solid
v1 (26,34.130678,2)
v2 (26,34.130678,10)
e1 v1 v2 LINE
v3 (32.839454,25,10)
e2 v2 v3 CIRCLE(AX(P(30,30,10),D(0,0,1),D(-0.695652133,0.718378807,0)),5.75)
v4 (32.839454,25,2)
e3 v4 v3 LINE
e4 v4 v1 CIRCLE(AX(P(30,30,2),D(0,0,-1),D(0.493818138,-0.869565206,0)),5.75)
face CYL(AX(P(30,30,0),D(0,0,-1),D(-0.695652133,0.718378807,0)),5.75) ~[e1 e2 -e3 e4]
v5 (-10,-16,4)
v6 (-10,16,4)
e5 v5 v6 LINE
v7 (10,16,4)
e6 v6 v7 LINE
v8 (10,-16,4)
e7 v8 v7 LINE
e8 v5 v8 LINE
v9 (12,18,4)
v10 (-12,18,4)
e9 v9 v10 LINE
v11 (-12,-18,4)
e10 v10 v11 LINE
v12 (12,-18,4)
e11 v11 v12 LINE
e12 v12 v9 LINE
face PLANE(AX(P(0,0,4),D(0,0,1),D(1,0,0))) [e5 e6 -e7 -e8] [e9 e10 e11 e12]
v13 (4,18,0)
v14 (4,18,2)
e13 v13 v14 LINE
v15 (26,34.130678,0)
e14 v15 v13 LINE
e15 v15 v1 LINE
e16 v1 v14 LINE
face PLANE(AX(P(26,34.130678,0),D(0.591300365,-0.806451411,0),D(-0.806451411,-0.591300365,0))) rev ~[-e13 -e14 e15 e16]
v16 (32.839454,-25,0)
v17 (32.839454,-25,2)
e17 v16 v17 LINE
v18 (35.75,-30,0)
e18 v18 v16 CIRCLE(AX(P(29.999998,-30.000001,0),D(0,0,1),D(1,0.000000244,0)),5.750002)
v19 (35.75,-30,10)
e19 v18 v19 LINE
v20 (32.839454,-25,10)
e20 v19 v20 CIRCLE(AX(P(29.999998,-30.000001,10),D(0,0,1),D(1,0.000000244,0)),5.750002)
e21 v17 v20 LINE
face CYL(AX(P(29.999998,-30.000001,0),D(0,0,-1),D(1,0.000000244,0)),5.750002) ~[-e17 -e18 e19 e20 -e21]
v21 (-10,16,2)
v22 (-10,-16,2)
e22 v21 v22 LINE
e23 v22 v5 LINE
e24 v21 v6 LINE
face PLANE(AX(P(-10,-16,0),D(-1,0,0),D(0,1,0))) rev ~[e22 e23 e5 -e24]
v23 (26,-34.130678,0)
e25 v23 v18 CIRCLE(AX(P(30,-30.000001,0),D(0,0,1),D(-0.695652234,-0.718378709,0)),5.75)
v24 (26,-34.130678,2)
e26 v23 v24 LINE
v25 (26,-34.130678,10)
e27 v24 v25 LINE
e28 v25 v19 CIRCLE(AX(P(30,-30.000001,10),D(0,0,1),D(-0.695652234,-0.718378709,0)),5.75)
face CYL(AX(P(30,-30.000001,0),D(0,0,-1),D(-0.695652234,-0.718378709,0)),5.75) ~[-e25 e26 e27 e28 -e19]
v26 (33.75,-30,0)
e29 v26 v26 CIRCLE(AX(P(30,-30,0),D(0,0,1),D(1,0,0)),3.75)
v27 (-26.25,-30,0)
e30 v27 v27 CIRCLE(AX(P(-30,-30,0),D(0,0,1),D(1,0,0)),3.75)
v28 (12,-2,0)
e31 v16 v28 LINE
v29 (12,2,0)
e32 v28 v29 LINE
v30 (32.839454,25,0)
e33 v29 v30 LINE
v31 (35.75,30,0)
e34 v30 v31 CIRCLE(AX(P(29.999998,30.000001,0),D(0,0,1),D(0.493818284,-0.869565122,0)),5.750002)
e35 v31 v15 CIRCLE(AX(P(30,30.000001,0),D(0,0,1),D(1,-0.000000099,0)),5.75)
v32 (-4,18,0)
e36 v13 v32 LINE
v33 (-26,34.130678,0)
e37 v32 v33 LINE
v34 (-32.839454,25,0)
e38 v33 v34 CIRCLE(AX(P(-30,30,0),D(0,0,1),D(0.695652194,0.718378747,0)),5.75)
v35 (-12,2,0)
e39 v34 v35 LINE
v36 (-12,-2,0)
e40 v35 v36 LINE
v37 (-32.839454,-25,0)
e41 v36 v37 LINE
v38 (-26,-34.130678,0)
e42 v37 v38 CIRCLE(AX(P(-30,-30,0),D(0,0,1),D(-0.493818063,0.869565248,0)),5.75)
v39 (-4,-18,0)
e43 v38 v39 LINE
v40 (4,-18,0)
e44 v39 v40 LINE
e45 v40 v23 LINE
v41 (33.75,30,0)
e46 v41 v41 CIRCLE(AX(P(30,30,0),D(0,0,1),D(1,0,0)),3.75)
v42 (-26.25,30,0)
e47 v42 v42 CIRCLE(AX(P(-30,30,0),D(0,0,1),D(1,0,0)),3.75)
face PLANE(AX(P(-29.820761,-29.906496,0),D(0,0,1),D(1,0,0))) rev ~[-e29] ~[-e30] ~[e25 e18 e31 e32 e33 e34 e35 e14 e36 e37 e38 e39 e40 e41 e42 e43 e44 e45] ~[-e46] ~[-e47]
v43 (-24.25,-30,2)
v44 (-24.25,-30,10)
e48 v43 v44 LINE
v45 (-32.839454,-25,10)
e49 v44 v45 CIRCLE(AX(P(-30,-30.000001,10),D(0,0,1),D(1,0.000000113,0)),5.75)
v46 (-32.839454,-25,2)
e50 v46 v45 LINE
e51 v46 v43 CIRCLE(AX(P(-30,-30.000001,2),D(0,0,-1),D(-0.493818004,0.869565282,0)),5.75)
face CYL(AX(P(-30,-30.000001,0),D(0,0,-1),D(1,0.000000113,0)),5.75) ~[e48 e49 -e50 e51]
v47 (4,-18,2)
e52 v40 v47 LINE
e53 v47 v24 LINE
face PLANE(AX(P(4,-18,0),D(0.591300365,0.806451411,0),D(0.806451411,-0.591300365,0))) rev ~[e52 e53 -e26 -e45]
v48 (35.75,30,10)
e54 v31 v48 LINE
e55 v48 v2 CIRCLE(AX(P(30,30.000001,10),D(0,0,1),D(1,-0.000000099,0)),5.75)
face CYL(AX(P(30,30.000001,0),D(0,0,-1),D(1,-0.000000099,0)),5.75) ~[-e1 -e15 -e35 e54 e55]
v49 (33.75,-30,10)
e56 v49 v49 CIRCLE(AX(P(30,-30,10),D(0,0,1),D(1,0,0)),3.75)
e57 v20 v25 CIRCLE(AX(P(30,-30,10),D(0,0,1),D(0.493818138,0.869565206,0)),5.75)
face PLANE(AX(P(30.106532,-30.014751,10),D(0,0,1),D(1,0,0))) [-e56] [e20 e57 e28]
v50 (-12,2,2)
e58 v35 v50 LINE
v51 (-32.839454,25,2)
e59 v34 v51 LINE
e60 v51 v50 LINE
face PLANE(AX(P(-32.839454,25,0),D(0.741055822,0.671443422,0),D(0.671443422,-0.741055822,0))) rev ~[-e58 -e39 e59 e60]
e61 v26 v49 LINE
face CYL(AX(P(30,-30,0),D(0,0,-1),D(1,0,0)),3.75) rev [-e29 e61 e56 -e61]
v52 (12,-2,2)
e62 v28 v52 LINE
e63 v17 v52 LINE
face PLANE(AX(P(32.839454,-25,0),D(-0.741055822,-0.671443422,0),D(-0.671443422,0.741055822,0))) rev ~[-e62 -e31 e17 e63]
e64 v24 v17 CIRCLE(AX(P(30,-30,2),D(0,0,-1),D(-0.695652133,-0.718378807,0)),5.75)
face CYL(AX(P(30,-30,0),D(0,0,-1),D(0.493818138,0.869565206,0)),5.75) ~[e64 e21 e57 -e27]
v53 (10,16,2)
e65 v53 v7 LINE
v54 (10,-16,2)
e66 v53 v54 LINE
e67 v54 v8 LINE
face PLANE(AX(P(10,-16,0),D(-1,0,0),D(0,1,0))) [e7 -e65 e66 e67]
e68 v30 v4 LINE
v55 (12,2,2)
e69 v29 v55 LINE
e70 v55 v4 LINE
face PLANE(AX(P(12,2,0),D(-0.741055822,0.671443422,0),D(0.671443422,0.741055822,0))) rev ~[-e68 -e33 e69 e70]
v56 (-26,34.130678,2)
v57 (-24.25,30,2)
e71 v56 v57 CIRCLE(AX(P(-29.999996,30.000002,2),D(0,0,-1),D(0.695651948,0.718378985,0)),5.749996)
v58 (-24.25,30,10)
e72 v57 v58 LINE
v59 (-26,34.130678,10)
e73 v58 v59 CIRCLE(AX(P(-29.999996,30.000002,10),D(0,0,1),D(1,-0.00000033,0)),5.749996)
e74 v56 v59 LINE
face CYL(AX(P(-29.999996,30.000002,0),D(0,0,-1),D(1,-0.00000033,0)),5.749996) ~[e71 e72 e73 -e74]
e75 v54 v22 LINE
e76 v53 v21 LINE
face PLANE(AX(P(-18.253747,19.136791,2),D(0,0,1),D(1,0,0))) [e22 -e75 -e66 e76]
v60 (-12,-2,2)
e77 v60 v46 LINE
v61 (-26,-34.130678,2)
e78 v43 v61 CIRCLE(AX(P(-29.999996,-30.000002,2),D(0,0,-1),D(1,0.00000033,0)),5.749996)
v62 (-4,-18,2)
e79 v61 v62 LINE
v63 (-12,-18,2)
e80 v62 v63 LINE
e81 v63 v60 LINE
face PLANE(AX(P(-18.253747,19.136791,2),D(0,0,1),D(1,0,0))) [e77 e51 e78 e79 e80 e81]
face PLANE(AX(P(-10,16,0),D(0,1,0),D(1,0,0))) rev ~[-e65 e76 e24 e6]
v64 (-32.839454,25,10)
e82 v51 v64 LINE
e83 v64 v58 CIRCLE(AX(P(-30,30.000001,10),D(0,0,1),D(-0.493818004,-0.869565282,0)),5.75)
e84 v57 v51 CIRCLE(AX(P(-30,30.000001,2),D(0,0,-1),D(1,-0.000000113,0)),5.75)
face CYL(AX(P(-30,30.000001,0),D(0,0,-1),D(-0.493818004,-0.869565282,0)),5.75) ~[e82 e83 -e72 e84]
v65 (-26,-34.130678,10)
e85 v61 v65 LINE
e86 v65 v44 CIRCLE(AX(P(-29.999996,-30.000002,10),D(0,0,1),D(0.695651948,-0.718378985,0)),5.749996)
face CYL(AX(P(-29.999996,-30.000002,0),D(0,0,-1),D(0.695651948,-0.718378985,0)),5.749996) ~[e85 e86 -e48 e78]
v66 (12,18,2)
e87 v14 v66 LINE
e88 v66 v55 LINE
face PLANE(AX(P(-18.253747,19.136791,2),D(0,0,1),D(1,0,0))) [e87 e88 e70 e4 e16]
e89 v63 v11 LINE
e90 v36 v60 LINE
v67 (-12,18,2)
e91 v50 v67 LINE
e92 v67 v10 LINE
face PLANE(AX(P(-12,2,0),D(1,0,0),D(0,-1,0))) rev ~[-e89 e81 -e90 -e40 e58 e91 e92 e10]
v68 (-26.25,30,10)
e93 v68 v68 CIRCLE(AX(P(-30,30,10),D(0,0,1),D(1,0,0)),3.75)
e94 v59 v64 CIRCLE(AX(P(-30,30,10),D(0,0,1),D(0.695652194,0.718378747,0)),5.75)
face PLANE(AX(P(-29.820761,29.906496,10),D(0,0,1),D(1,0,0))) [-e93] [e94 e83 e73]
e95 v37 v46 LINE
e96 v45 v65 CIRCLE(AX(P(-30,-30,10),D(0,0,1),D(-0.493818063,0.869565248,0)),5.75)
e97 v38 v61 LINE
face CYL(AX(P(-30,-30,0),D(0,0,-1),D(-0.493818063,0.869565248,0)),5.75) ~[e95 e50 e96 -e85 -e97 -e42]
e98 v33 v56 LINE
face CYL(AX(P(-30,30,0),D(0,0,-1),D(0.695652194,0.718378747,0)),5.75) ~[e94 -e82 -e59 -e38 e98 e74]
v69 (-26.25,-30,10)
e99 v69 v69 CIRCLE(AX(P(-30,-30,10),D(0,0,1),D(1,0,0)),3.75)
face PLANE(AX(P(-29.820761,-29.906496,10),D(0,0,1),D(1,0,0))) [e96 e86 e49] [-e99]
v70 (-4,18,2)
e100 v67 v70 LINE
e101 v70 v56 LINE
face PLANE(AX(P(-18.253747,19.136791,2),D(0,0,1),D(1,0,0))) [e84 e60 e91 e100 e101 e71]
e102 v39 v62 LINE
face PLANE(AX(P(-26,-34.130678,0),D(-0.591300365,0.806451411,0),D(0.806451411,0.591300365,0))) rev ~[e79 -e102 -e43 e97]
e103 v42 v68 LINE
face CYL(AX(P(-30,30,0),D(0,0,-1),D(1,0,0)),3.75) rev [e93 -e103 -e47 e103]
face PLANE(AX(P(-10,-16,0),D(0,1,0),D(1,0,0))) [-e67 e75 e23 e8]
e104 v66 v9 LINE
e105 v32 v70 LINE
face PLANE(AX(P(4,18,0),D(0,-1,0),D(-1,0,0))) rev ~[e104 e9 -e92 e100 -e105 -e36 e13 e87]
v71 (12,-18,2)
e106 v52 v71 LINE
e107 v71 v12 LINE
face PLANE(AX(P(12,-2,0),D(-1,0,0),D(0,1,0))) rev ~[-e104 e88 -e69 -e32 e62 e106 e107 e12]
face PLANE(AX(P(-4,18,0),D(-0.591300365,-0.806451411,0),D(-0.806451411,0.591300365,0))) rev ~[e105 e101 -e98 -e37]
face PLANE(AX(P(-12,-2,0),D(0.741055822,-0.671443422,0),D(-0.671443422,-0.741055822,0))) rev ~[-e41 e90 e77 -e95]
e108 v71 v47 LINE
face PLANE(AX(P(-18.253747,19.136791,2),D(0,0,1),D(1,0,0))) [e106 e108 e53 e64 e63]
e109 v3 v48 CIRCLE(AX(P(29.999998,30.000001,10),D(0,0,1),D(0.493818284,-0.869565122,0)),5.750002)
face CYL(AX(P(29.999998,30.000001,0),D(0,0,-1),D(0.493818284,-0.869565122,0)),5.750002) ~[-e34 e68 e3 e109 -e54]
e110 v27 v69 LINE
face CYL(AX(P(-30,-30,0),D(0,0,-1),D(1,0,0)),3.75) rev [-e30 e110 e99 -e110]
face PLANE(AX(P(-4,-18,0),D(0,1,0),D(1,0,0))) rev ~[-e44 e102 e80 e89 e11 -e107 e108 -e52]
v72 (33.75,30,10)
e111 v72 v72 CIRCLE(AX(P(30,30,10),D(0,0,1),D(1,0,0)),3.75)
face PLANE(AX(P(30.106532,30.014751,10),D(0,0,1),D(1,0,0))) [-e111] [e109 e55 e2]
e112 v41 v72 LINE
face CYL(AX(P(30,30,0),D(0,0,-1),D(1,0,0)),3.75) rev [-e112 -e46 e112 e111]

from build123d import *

# Parameters (mm, degrees)
F0_W     = 20
F0_H     = 32
F1_DEPTH = 2
F2_DEPTH = 4
F0_R     = 3.75
F3_DEPTH = 10


with BuildPart() as f1:
    # F0 (on Top) → F1 (new body)
    with BuildSketch(Plane.XY):
        with BuildLine():
            Line((-12, 2), (-12, 18))
            Line((-12, 18), (-4, 18))
            Line((-4, 18), (-26, 34.130678))
            ThreePointArc((-26, 34.130678), (-24.705545, 32.243045), (-24.25, 30))
            ThreePointArc((-24.25, 30), (-27.107282, 25.030626), (-32.839454, 25))
            Line((-32.839454, 25), (-12, 2))
        make_face()
        with BuildLine():
            Line((26, 34.130678), (4, 18))
            Line((4, 18), (12, 18))
            Line((12, 18), (12, 2))
            Line((12, 2), (32.839454, 25))
            ThreePointArc((32.839454, 25), (25.397931, 26.55276), (26, 34.130678))
        make_face()
        with BuildLine():
            Line((32.839454, -25), (12, -2))
            Line((12, -2), (12, -18))
            Line((12, -18), (4, -18))
            Line((4, -18), (26, -34.130678))
            ThreePointArc((26, -34.130678), (25.397931, -26.55276), (32.839454, -25))
        make_face()
        with BuildLine():
            Line((-12, -18), (-12, -2))
            Line((-12, -2), (-32.839454, -25))
            ThreePointArc((-32.839454, -25), (-27.107282, -25.030626), (-24.25, -30))
            ThreePointArc((-24.25, -30), (-24.705545, -32.243045), (-26, -34.130678))
            Line((-26, -34.130678), (-4, -18))
            Line((-4, -18), (-12, -18))
        make_face()
        Polygon((-4, 18), (-12, 18), (-12, 2), (-12, -2), (-12, -18), (-4, -18), (4, -18), (12, -18), (12, -2), (12, 2), (12, 18), (4, 18), align=None)
        Rectangle(F0_W, F0_H, mode=Mode.SUBTRACT)
        Rectangle(F0_W, F0_H)
    extrude(amount=F1_DEPTH)

    # F0 (on Top) → F2 (join)
    with BuildSketch(Plane.XY):
        Polygon((-4, 18), (-12, 18), (-12, 2), (-12, -2), (-12, -18), (-4, -18), (4, -18), (12, -18), (12, -2), (12, 2), (12, 18), (4, 18), align=None)
        Rectangle(F0_W, F0_H, mode=Mode.SUBTRACT)
    extrude(amount=F2_DEPTH)

    # F0 (on Top) → F3 (join)
    with BuildSketch(Plane.XY):
        with BuildLine():
            ThreePointArc((-24.25, -30), (-27.107282, -25.030626), (-32.839454, -25))
            ThreePointArc((-32.839454, -25), (-34.602069, -33.44724), (-26, -34.130678))
            ThreePointArc((-26, -34.130678), (-24.705545, -32.243045), (-24.25, -30))
        make_face()
        with Locations((-30, -30)):
            Circle(F0_R, mode=Mode.SUBTRACT)
        with BuildLine():
            ThreePointArc((35.75, -30), (34.969374, -27.107282), (32.839454, -25))
            ThreePointArc((32.839454, -25), (25.397931, -26.55276), (26, -34.130678))
            ThreePointArc((26, -34.130678), (32.243045, -35.294455), (35.75, -30))
        make_face()
        with Locations((30, -30)):
            Circle(F0_R, mode=Mode.SUBTRACT)
        with BuildLine():
            ThreePointArc((35.75, 30), (32.243045, 35.294455), (26, 34.130678))
            ThreePointArc((26, 34.130678), (25.397931, 26.55276), (32.839454, 25))
            ThreePointArc((32.839454, 25), (34.969374, 27.107282), (35.75, 30))
        make_face()
        with Locations((30, 30)):
            Circle(F0_R, mode=Mode.SUBTRACT)
        with BuildLine():
            ThreePointArc((-24.25, 30), (-24.705545, 32.243045), (-26, 34.130678))
            ThreePointArc((-26, 34.130678), (-34.602069, 33.44724), (-32.839454, 25))
            ThreePointArc((-32.839454, 25), (-27.107282, 25.030626), (-24.25, 30))
        make_face()
        with Locations((-30, 30)):
            Circle(F0_R, mode=Mode.SUBTRACT)
    extrude(amount=F3_DEPTH)


solid = f1.part
